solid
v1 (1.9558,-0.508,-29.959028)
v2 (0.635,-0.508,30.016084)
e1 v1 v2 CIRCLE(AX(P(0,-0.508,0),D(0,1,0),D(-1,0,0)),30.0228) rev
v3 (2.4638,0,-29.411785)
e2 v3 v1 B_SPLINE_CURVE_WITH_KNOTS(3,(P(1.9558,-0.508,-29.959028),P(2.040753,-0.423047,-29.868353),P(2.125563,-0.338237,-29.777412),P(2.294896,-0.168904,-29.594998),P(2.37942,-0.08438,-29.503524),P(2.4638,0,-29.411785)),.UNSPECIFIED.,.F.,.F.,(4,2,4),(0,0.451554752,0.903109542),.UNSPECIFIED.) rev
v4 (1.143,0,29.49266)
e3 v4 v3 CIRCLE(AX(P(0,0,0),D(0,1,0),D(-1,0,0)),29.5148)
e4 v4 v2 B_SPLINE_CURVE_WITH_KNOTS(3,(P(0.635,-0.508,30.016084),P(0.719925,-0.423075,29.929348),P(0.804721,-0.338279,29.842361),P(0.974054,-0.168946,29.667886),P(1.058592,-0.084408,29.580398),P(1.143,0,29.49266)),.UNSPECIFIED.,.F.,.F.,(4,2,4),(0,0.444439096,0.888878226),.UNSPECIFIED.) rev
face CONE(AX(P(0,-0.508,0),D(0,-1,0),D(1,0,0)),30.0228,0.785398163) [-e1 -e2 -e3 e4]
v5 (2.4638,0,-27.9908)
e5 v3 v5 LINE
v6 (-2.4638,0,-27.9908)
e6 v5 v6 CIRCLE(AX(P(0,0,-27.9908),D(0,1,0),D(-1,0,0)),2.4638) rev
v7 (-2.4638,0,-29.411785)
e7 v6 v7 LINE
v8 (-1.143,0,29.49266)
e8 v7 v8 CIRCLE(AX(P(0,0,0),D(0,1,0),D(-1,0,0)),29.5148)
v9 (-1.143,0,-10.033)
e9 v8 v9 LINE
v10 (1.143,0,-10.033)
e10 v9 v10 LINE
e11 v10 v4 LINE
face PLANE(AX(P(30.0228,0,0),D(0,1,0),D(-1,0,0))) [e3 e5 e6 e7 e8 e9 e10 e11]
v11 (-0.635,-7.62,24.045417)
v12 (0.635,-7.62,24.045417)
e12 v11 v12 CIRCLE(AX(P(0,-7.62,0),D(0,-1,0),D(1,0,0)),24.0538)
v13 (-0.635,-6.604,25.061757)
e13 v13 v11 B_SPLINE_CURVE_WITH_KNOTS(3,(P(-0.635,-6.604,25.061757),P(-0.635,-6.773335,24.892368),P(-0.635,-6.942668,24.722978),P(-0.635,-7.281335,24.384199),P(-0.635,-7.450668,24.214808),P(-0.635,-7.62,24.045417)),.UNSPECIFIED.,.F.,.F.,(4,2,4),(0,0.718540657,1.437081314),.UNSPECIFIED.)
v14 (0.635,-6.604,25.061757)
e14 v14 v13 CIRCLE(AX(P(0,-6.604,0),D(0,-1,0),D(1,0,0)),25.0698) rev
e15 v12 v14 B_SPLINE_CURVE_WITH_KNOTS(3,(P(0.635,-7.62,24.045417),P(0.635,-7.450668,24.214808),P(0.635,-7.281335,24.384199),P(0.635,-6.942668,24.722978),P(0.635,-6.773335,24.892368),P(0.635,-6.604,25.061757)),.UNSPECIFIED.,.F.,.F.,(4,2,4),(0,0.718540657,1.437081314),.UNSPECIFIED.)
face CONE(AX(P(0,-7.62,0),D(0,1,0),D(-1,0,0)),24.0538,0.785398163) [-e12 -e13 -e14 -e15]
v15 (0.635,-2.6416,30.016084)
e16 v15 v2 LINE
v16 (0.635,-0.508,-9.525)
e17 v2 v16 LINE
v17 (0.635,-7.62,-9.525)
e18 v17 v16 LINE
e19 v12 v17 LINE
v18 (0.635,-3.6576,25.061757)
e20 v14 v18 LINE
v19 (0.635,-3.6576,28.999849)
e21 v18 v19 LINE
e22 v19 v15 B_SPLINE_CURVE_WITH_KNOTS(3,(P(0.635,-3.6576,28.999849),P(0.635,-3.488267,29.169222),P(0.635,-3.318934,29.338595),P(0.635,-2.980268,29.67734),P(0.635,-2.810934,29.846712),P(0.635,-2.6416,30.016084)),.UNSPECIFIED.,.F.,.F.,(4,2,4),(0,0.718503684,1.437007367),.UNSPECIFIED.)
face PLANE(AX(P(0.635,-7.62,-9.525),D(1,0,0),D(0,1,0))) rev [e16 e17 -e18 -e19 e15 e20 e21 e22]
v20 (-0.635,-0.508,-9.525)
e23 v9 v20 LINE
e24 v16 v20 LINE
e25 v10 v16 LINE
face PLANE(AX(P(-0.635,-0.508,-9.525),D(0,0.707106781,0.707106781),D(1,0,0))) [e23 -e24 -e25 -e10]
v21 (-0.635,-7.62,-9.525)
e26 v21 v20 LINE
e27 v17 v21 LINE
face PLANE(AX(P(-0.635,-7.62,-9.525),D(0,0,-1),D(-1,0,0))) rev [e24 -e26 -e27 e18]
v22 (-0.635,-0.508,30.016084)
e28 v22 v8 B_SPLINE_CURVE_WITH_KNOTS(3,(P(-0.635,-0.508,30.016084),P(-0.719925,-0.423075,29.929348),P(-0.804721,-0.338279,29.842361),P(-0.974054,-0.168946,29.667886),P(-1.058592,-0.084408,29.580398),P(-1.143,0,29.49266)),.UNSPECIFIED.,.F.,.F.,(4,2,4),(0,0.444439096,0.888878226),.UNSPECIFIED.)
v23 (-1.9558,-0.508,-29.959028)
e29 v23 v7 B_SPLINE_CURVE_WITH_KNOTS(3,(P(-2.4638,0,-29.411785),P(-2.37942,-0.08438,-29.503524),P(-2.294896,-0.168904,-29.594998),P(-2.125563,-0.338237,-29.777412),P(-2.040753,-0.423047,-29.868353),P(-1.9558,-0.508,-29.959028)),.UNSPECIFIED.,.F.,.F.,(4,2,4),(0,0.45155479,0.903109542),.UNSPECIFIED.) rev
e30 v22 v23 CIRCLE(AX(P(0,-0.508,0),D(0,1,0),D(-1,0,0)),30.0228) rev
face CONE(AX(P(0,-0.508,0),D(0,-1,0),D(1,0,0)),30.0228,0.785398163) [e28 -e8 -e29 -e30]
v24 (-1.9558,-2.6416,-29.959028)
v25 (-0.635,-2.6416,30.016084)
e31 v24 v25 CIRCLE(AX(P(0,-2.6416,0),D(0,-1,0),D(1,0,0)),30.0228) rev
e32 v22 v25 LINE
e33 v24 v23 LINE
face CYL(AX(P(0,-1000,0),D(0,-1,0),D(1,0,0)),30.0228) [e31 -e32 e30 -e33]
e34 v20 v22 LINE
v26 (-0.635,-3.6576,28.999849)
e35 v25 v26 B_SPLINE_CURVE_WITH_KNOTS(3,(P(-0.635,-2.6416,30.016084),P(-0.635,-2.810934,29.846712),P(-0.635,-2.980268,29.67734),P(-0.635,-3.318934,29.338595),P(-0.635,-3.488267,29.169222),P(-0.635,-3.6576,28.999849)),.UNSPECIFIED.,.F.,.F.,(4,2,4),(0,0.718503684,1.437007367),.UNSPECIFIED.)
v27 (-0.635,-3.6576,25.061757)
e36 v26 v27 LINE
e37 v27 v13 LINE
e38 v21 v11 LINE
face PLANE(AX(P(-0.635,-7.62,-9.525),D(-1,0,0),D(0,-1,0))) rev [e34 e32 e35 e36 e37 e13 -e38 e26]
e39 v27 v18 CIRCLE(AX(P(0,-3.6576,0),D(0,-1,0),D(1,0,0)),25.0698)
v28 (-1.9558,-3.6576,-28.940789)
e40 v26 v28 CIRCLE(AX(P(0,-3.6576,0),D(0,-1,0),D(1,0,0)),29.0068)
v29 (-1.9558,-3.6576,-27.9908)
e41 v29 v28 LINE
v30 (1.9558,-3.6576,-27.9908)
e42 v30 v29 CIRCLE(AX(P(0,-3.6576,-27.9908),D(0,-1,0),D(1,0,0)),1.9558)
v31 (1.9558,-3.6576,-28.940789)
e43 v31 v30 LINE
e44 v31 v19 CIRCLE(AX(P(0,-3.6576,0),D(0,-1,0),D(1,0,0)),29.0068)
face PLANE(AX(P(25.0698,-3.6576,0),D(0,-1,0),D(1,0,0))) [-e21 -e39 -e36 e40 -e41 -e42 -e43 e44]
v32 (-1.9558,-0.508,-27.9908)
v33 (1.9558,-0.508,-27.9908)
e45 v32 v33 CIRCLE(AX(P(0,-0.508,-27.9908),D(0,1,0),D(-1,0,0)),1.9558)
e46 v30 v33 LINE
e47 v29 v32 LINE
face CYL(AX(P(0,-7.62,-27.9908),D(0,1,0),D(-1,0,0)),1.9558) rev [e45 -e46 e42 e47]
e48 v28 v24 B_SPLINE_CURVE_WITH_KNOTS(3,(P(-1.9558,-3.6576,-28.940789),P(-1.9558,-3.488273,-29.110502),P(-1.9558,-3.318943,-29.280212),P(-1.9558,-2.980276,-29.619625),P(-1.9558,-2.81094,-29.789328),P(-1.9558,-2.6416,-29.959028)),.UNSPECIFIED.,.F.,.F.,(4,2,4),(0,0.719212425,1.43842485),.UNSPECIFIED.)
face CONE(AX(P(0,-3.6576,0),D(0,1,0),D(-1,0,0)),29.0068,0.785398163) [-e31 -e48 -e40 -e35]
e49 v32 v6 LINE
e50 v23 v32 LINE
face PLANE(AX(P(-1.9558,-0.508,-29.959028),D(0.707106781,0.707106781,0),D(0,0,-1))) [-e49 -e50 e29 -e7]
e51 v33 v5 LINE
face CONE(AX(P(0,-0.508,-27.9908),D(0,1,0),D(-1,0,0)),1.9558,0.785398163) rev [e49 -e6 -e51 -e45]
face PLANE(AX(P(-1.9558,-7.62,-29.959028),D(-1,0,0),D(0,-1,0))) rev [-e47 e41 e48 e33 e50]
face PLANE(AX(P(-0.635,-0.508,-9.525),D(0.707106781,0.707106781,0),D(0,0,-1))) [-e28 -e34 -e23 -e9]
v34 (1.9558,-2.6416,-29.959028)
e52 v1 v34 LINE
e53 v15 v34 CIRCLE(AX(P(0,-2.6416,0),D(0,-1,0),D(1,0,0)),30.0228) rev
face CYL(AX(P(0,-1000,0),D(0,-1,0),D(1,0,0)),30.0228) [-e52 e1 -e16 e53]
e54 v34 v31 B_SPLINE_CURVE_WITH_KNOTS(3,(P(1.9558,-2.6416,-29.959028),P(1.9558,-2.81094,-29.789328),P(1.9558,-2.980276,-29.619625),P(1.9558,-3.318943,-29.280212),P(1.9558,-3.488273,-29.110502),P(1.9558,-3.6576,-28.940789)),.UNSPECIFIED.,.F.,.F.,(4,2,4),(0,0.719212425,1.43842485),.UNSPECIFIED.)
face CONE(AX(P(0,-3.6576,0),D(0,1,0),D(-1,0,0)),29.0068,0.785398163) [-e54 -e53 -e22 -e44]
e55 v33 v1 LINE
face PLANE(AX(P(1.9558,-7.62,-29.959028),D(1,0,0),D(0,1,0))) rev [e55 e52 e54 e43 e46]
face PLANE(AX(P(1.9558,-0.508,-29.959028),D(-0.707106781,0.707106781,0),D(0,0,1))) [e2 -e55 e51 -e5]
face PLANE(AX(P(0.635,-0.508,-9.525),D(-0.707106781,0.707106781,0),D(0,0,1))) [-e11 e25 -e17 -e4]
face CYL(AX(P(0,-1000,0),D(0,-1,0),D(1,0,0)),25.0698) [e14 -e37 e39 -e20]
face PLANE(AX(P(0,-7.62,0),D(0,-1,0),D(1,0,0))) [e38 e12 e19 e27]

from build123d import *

# Parameters (mm, degrees)
CUT_EXTRUDE2_DEPTH = 8.62
CUT_EXTRUDE3_DEPTH = 8.62
CHAMFER1_SIZE      = 1.016
CHAMFER2_SIZE      = 0.508


with BuildPart() as part:
    # Sketch1 → Revolve1 (revolve)
    with BuildSketch(Plane.XY):
        Polygon((0, 0), (0, -7.62), (25.0698, -7.62), (25.0698, -3.6576), (30.0228, -3.6576), (30.0228, 0), align=None)
    revolve(axis=Axis((0, -1000, 0), (0, 1, 0)))

    # Sketch3 → Cut-Extrude2 (cut, through all)
    with BuildSketch(Plane(origin=(0, 0, 0), x_dir=(1, 0, 0), z_dir=(0, 1, 0))):
        with BuildLine():
            Line((-0.635, 9.525), (0.635, 9.525))
            Line((0.635, 9.525), (0.635, -30.016083936))
            ThreePointArc((0.635, -30.016083936), (0, -30.0228), (-0.635, -30.016083936))
            Line((-0.635, -30.016083936), (-0.635, 9.525))
        make_face()
    extrude(amount=-CUT_EXTRUDE2_DEPTH, mode=Mode.SUBTRACT)

    # Sketch5 → Cut-Extrude3 (cut, through all)
    with BuildSketch(Plane(origin=(0, 0, 0), x_dir=(1, 0, 0), z_dir=(0, 1, 0))):
        with BuildLine():
            Line((-1.9558, 29.959028125), (-1.9558, 27.9908))
            ThreePointArc((-1.9558, 27.9908), (0, 26.035), (1.9558, 27.9908))
            Line((1.9558, 27.9908), (1.9558, 29.959028125))
            ThreePointArc((1.9558, 29.959028125), (0, 30.0228), (-1.9558, 29.959028125))
        make_face()
    extrude(amount=-CUT_EXTRUDE3_DEPTH, mode=Mode.SUBTRACT)

    # Chamfer1
    chamfer1_edges = [part.edges().sort_by_distance(p)[0] for p in [
        (-30.015522282, -3.6576, 0.661015886),
        (-17.501079239, -7.62, -17.950128064),
        (30.015522282, -3.6576, 0.661015886),
    ]]
    chamfer(chamfer1_edges, length=CHAMFER1_SIZE)

    # Chamfer2
    chamfer2_edges = [part.edges().sort_by_distance(p)[0] for p in [
        (-30.015522282, 0, 0.661015886),
        (-0.635, 0, 10.245541968),
        (0.635, 0, 10.245541968),
        (0, 0, -9.525),
        (30.015522282, 0, 0.661015886),
        (-1.9558, 0, -28.974914063),
        (0, 0, -26.035),
        (1.9558, 0, -28.974914063),
    ]]
    chamfer(chamfer2_edges, length=CHAMFER2_SIZE)


solid = part.part
